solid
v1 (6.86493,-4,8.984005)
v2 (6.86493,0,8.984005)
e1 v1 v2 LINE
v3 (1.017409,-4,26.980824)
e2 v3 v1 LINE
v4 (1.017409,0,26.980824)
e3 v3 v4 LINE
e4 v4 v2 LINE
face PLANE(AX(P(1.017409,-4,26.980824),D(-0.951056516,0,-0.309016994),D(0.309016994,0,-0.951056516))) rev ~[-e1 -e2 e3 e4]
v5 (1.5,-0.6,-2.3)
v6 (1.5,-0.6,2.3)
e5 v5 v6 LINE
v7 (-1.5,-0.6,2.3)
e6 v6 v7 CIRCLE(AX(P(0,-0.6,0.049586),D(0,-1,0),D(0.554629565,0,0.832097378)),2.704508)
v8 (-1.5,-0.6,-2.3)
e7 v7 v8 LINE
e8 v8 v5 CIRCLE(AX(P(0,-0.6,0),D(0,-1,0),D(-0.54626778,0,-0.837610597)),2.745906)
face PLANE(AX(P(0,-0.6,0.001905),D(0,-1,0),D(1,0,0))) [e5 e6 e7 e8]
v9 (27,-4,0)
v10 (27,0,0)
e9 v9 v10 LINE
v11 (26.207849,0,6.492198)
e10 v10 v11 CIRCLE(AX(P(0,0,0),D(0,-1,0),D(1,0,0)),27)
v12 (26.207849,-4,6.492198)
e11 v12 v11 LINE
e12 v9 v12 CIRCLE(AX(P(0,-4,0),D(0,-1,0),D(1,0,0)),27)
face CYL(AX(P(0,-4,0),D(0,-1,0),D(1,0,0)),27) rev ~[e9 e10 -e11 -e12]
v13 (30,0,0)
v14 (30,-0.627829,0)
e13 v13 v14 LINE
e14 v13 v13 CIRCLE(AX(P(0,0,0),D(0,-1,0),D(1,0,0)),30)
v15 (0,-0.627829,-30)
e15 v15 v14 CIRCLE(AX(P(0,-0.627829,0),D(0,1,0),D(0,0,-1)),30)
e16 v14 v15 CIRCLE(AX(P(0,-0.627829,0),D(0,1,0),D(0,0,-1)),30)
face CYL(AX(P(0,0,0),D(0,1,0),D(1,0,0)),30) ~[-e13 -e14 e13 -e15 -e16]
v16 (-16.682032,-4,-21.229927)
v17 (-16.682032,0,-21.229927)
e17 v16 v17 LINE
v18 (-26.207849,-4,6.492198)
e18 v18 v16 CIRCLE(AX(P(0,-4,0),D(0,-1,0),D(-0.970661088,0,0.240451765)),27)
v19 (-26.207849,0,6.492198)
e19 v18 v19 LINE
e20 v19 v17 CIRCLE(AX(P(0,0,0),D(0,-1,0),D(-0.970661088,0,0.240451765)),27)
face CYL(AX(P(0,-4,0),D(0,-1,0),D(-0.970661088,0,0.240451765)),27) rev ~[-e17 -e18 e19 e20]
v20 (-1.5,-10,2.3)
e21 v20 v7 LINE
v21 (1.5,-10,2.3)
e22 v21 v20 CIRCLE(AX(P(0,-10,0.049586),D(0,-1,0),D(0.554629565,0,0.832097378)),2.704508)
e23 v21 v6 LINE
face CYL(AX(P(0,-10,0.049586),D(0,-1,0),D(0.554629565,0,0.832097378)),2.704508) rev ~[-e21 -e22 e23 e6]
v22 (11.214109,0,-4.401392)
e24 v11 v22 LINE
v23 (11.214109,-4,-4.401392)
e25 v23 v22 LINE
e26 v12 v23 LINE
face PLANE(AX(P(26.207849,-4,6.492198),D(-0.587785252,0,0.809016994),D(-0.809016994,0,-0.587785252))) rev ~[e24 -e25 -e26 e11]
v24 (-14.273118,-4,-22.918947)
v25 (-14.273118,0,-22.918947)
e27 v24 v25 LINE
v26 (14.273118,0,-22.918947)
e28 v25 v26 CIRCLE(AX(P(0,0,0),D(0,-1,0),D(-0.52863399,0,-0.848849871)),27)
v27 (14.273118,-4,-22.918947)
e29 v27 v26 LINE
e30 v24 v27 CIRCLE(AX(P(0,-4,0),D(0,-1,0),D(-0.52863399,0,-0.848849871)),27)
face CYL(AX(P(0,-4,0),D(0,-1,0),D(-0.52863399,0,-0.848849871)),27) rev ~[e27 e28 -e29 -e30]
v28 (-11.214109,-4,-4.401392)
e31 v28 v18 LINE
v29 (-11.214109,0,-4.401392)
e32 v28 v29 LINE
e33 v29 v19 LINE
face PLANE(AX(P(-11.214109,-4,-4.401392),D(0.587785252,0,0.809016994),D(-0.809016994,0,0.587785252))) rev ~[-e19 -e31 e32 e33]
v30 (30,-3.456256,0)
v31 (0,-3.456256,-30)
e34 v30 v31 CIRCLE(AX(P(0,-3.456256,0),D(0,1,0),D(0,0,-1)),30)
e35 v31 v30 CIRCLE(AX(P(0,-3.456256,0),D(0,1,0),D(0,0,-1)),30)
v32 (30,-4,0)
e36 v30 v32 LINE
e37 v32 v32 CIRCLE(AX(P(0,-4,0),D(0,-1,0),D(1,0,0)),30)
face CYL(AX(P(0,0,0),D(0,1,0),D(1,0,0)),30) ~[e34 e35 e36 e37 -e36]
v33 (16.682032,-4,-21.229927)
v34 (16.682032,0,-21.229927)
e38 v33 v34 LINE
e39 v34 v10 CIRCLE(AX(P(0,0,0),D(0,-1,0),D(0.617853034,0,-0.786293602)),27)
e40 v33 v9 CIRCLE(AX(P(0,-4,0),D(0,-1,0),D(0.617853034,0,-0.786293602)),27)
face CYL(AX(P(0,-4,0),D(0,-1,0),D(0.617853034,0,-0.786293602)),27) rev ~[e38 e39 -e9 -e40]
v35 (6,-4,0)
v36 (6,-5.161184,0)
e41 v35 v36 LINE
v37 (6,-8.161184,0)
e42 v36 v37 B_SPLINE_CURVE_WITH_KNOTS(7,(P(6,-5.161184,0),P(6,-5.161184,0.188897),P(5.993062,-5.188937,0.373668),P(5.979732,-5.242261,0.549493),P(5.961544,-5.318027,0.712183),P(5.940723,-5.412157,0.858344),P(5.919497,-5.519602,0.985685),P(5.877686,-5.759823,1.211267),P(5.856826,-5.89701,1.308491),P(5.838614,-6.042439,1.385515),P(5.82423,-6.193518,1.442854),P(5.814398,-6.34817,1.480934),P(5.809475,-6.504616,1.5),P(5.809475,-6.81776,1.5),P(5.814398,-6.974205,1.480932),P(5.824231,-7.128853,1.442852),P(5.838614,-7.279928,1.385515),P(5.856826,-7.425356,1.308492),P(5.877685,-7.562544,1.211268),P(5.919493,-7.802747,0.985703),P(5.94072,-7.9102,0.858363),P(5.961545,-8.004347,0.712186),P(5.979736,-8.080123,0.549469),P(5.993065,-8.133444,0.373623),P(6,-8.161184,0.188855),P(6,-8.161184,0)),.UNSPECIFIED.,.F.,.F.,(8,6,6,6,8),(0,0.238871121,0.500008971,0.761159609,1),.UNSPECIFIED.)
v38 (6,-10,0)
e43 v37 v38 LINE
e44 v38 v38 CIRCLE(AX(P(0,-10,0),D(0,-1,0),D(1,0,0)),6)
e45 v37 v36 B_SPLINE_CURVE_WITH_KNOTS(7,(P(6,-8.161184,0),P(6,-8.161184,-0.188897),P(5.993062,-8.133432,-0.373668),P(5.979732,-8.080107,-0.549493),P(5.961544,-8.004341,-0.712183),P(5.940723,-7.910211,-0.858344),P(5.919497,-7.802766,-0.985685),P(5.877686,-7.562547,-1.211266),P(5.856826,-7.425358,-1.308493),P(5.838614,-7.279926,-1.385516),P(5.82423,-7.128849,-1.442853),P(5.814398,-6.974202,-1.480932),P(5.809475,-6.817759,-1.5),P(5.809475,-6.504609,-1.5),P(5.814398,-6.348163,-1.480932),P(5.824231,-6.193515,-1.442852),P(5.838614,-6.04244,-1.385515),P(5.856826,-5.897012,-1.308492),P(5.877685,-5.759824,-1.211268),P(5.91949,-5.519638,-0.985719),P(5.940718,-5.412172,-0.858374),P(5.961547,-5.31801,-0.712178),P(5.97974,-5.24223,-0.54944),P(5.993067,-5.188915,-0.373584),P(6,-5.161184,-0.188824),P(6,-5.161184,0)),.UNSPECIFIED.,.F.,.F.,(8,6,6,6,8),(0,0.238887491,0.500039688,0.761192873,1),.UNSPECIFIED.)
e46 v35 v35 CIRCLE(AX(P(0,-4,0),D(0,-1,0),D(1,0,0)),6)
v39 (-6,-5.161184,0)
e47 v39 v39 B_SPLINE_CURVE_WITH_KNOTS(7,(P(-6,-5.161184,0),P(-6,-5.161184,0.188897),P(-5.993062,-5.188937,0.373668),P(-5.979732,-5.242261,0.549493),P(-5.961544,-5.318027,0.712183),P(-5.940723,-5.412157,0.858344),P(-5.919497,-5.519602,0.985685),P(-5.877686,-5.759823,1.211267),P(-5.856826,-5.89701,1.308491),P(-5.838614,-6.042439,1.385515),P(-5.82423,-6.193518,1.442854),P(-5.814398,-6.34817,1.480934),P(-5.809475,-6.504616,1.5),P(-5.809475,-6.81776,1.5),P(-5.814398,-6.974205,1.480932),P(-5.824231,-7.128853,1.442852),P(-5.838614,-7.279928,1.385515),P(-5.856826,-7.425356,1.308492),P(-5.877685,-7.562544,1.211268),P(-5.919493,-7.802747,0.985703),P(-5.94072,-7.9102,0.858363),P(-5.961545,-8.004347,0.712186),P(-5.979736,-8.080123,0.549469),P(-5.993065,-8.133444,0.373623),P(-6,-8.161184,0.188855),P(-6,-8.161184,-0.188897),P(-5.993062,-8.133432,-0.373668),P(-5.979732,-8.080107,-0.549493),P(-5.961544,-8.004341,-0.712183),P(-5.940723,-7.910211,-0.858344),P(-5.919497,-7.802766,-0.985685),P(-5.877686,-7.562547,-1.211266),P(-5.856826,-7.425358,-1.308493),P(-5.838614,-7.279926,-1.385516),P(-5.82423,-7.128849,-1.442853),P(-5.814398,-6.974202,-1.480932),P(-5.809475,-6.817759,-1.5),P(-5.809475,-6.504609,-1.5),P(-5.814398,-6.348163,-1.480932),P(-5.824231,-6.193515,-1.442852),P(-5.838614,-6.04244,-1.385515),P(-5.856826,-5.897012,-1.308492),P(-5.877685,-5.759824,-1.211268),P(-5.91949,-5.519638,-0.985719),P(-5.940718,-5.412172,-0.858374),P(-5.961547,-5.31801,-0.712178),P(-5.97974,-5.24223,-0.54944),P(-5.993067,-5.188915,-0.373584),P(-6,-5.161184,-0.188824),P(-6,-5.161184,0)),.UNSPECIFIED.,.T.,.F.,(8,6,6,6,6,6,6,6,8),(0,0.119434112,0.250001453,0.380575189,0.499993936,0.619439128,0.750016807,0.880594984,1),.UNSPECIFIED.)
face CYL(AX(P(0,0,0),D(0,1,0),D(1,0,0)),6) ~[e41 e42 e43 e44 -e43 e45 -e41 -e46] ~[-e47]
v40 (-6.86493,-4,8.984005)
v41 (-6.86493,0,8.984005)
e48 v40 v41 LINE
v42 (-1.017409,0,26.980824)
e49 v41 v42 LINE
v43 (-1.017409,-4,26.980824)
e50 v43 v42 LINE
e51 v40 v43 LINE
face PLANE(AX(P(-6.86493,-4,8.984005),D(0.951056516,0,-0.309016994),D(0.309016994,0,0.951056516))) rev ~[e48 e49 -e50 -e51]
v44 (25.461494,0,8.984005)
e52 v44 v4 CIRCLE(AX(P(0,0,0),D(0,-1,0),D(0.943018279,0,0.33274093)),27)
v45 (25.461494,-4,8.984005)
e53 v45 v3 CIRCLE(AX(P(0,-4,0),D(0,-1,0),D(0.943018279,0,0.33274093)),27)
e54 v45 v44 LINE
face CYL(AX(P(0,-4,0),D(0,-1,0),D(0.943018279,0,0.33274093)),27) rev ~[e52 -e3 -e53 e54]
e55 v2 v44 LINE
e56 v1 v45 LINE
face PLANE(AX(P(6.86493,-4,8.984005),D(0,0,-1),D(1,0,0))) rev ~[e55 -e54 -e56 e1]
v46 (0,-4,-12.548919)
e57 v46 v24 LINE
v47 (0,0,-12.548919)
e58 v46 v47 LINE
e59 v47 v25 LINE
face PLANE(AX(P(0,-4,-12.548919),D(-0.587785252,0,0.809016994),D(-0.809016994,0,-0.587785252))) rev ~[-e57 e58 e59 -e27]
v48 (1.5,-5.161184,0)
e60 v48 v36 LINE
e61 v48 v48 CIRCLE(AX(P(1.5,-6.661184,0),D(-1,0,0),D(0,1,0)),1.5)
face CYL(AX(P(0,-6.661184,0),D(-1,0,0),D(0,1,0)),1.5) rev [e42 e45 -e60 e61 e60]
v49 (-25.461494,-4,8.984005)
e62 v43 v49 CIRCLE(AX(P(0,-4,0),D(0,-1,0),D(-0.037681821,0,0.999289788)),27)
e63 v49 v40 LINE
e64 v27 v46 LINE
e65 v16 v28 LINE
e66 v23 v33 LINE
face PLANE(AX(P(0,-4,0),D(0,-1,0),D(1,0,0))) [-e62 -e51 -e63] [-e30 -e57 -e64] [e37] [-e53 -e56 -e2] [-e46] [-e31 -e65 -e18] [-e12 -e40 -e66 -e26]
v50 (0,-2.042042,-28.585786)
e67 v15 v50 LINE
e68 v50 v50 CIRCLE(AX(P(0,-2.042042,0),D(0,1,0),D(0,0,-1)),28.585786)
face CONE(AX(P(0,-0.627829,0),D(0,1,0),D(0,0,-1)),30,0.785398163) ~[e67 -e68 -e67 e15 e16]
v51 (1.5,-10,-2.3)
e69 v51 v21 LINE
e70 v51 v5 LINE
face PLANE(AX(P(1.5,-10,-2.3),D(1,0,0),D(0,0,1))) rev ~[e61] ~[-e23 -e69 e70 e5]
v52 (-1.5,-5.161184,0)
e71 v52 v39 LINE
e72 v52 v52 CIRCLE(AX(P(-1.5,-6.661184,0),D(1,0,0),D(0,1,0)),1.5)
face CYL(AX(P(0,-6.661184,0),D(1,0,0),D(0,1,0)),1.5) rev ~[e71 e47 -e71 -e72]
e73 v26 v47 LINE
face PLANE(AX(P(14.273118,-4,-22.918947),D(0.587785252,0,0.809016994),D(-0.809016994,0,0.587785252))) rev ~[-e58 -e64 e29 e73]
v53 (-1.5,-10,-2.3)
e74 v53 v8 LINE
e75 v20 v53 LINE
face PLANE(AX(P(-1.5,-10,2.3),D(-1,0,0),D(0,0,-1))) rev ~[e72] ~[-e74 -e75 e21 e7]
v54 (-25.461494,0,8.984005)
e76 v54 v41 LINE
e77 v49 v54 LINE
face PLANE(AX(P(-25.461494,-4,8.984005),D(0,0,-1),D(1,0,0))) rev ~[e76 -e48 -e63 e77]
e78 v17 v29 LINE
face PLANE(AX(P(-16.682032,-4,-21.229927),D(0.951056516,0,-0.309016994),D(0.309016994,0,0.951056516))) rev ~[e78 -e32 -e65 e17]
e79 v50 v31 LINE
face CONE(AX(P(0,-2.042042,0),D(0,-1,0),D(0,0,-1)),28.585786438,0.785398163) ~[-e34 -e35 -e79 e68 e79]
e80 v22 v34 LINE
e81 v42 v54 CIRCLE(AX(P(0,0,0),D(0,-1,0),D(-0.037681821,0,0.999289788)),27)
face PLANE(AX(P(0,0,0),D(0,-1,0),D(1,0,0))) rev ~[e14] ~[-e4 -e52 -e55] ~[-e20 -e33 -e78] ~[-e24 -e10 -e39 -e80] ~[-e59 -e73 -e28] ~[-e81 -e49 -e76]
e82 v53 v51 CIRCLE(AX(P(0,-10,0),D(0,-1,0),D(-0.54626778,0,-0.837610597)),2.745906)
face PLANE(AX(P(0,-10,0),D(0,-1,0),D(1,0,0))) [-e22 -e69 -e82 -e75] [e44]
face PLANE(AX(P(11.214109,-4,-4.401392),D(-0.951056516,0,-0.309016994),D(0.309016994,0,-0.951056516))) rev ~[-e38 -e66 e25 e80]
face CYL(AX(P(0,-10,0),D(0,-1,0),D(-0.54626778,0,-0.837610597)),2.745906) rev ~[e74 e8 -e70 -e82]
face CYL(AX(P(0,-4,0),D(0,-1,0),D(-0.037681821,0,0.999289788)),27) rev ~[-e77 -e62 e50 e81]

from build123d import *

# Parameters (mm, degrees)
F0_R          = 6
F1_DEPTH      = 10
F0_R_2        = 30
F2_DEPTH      = 4
F3_R          = 1.5
F4_DEPTH      = 25.3
F4_DEPTH_BACK = 25
F6_DEPTH      = 9.4
F11_DEPTH     = 25


with BuildPart() as f1:
    # F0 (on Front) → F1 (new body)
    with BuildSketch(Plane.XZ):
        Circle(F0_R)
    extrude(amount=F1_DEPTH)

    # F0 (on Front) → F2 (join)
    with BuildSketch(Plane.XZ):
        Circle(F0_R_2)
        Circle(F0_R, mode=Mode.SUBTRACT)
    extrude(amount=F2_DEPTH)

    # F3 (on Right) → F4 (cut, two sides)
    with BuildSketch(Plane.YZ) as f4_sk:
        with Locations((-6.6611841321, 0)):
            Circle(F3_R)
    extrude(amount=-F4_DEPTH, mode=Mode.SUBTRACT)
    extrude(f4_sk.sketch, amount=F4_DEPTH_BACK, mode=Mode.SUBTRACT)

    # F5 (on face) → F6 (cut)
    with BuildSketch(Plane.XZ.offset(10)):
        with BuildLine():
            ThreePointArc((-1.5, -2.3), (0, -2.7459060435), (1.5, -2.3))
            Line((1.5, -2.3), (1.5, 2.3))
            ThreePointArc((1.5, 2.3), (0, 2.7540939565), (-1.5, 2.3))
            Line((-1.5, 2.3), (-1.5, -2.3))
        make_face()
    extrude(amount=-F6_DEPTH, mode=Mode.SUBTRACT)

    # F7 (on Right) → F8 (revolve, cut)
    with BuildSketch(Plane.YZ):
        Polygon((-3.4562557703, -30), (-0.6278286455, -30), (-2.0420422079, -28.5857864376), align=None)
    revolve(axis=Axis((0, -4.137200769, 0), (0, 1, 0)), mode=Mode.SUBTRACT)

    # F10 (on face) → F11 (cut)
    with BuildSketch(Plane.XZ.offset(4)):
        with BuildLine():
            Line((0, -12.5489194834), (-14.2731177399, -22.9189465287))
            ThreePointArc((-14.2731177399, -22.9189465287), (0, -27), (14.2731177399, -22.9189465287))
            Line((14.2731177399, -22.9189465287), (0, -12.5489194834))
        make_face()
        with BuildLine():
            ThreePointArc((-26.207849387, 6.4921976638), (-25.5345752261, -8.7741363121), (-16.6820319121, -21.2299272558))
            Line((-16.6820319121, -21.2299272558), (-11.2141093823, -4.4013921035))
            Line((-11.2141093823, -4.4013921035), (-26.207849387, 6.4921976638))
        make_face()
        with BuildLine():
            ThreePointArc((-1.0174091694, 26.9808242754), (-16.0079494962, 21.7427126396), (-25.4614935227, 8.9840050977))
            Line((-25.4614935227, 8.9840050977), (-6.8649301898, 8.9840050977))
            Line((-6.8649301898, 8.9840050977), (-1.0174091694, 26.9808242754))
        make_face()
        with BuildLine():
            ThreePointArc((25.4614935227, 8.9840050977), (16.0079494962, 21.7427126396), (1.0174091694, 26.9808242754))
            Line((1.0174091694, 26.9808242754), (6.8649301898, 8.9840050977))
            Line((6.8649301898, 8.9840050977), (25.4614935227, 8.9840050977))
        make_face()
        with BuildLine():
            Line((11.2141093823, -4.4013921035), (16.6820319121, -21.2299272558))
            ThreePointArc((16.6820319121, -21.2299272558), (24.2838924148, -11.8022272977), (27, 0))
            ThreePointArc((27, 0), (26.8012306942, 3.270173279), (26.207849387, 6.4921976638))
            Line((26.207849387, 6.4921976638), (11.2141093823, -4.4013921035))
        make_face()
    extrude(amount=-F11_DEPTH, mode=Mode.SUBTRACT)


solid = f1.part
